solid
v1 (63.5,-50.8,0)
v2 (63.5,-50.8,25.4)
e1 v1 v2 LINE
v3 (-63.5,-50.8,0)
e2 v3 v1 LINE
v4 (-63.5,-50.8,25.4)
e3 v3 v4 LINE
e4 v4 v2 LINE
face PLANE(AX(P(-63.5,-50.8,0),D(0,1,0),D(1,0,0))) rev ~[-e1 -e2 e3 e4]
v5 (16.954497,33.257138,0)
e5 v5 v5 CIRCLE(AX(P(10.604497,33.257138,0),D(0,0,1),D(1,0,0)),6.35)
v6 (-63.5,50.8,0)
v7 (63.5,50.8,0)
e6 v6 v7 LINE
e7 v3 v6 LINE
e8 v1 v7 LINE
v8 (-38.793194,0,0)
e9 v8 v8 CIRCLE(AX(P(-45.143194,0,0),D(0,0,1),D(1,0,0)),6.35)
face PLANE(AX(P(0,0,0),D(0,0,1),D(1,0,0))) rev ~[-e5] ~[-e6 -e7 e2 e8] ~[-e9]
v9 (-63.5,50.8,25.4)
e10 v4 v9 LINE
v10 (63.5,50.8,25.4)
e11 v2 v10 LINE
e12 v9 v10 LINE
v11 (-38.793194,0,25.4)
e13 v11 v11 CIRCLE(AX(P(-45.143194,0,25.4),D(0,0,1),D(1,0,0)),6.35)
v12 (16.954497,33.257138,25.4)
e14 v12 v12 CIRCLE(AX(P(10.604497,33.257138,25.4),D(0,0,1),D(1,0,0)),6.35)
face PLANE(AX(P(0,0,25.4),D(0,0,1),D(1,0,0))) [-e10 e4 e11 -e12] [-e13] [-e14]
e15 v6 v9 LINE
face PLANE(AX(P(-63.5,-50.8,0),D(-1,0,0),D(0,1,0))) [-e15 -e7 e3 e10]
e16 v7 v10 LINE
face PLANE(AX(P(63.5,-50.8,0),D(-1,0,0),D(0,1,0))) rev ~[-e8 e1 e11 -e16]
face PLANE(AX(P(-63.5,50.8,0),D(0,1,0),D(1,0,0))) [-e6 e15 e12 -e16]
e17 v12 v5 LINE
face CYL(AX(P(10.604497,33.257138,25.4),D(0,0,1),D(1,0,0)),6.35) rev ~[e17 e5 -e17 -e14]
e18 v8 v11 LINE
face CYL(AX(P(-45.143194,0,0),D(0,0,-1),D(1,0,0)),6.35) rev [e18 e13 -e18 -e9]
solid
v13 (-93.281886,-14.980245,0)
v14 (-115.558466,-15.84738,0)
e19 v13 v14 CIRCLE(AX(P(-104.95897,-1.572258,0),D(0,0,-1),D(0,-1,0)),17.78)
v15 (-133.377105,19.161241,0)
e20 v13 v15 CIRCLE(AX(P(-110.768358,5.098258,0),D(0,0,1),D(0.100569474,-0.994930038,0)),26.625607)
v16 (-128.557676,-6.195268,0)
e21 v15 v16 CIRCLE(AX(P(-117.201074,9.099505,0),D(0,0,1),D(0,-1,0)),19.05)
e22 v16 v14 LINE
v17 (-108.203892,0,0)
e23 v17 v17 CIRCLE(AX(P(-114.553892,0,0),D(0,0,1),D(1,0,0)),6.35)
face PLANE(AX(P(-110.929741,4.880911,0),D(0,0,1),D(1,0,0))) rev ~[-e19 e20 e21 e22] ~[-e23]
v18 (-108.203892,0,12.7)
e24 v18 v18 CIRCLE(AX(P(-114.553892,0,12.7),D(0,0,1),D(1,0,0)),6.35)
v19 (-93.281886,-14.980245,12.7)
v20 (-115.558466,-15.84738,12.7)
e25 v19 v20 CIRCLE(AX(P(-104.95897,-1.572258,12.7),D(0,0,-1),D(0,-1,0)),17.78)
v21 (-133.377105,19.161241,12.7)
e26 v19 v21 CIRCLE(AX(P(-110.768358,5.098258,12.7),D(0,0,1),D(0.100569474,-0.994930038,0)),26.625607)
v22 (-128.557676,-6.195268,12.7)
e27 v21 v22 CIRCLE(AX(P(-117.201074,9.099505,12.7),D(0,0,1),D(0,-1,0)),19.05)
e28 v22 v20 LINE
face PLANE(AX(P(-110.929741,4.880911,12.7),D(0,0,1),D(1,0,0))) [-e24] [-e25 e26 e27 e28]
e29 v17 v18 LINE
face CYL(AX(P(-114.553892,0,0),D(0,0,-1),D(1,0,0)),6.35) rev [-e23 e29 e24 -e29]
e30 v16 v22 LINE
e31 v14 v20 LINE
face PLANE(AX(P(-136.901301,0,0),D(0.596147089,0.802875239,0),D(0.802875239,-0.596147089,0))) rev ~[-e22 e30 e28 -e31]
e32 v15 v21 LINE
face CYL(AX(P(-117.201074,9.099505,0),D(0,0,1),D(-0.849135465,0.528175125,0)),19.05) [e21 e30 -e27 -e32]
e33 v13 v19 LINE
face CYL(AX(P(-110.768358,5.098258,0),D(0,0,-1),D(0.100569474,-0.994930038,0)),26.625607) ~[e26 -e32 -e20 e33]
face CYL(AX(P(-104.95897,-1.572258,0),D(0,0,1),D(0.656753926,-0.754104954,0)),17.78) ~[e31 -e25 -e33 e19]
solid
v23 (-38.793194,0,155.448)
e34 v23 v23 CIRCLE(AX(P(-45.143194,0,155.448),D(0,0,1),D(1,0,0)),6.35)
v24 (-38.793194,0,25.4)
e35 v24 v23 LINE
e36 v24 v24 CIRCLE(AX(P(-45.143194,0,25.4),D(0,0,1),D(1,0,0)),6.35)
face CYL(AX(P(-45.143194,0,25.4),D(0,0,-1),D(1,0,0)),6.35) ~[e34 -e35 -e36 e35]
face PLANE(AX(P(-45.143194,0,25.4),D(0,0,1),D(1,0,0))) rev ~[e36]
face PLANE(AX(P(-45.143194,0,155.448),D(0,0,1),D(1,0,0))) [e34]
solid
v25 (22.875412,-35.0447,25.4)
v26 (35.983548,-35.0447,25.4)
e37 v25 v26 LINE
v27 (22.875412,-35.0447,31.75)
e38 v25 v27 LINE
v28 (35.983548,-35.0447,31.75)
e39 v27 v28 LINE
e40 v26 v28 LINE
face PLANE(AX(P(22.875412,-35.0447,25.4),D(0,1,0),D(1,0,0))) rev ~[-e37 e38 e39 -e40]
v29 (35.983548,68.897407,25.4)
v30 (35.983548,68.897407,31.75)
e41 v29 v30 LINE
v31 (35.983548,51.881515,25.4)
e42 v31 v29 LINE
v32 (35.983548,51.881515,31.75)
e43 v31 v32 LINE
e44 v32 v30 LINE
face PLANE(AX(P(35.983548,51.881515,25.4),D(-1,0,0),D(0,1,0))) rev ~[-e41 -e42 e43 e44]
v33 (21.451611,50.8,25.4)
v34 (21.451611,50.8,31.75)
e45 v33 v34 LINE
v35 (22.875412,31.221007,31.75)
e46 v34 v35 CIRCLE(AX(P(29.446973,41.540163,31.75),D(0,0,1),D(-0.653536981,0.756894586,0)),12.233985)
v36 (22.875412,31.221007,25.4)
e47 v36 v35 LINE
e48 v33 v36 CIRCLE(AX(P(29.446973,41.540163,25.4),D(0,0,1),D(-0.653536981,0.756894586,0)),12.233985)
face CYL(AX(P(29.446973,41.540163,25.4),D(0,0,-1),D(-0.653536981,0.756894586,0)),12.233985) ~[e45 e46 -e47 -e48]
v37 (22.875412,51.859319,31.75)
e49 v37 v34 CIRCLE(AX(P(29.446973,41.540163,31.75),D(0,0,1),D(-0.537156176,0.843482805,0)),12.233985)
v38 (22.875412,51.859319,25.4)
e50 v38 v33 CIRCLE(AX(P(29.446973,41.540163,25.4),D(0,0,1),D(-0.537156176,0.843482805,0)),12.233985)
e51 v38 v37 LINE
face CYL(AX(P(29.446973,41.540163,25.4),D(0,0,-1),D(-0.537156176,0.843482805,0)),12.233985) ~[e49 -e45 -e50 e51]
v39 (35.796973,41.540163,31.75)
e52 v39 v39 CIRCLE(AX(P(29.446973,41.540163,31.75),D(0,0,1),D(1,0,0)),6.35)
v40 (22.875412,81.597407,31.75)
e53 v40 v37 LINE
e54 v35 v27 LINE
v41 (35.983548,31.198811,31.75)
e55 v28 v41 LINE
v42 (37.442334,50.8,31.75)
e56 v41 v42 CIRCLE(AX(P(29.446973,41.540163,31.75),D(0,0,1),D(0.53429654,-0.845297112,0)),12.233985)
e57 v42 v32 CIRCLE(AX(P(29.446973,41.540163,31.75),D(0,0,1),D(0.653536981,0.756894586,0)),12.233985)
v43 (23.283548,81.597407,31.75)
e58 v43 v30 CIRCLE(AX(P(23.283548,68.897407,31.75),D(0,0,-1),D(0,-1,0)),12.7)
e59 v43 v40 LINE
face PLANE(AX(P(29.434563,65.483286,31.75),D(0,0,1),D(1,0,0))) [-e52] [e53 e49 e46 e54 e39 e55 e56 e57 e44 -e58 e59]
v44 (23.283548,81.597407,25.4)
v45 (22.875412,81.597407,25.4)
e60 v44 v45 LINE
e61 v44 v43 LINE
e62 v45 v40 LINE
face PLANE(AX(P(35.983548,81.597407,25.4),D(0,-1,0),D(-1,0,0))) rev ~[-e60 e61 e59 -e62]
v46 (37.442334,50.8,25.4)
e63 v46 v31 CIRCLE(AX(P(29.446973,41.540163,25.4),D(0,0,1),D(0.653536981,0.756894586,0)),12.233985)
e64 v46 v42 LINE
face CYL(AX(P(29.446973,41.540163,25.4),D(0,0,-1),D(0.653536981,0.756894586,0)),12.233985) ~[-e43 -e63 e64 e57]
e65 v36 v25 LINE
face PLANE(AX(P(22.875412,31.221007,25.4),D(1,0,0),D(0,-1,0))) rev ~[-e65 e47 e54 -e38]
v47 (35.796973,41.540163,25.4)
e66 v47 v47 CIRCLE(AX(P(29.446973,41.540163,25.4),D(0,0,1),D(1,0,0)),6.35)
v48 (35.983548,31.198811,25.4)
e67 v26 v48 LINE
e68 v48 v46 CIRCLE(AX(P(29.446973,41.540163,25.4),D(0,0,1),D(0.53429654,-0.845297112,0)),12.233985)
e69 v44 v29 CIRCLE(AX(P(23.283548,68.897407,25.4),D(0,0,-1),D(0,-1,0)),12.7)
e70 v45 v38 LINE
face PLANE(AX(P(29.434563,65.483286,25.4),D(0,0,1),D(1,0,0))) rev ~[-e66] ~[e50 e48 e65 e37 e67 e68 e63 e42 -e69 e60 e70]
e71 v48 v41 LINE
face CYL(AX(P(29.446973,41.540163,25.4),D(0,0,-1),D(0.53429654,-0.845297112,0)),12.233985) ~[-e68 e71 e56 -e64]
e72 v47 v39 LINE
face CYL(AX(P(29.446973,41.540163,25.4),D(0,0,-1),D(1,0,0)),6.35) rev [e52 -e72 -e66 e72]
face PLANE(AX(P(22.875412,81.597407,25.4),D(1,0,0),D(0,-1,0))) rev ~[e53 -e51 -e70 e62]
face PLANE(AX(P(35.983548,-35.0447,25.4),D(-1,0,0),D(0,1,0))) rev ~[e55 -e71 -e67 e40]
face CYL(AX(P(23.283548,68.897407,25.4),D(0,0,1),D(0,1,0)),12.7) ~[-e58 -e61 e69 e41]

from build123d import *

# Parameters (mm, degrees)
F0_W      = 127
F0_H      = 101.6
F0_R      = 6.35
F1_DEPTH  = 25.4
F2_R      = 6.35
F3_DEPTH  = 130.048
F4_R      = 6.35
F5_DEPTH  = 12.7
F6_R      = 19.05
F7_R      = 17.78
F8_R      = 6.35
F9_DEPTH  = 137.922
F10_R     = 6.35
F11_DEPTH = 6.35
F12_R     = 12.7


with BuildPart() as f1:
    # F0 (on Top) → F1 (new body)
    with BuildSketch(Plane.XY):
        Rectangle(F0_W, F0_H)
        with Locations((-45.1431944966, 0)):
            Circle(F0_R, mode=Mode.SUBTRACT)
    extrude(amount=F1_DEPTH)

    # F8 (on face) → F9 (cut)
    with BuildSketch(Plane.XY.offset(25.4)):
        with Locations((10.6044970453, 33.257137984)):
            Circle(F8_R)
    extrude(amount=-F9_DEPTH, mode=Mode.SUBTRACT)


with BuildPart() as f3:
    # F2 (on face) → F3 (new body)
    with BuildSketch(Plane.XY.offset(25.4)):
        with Locations((-45.1431944966, 0)):
            Circle(F2_R)
    extrude(amount=F3_DEPTH)


with BuildPart() as f5:
    # F4 (on Top) → F5 (new body)
    with BuildSketch(Plane.XY):
        with BuildLine():
            ThreePointArc((-108.090634243, -21.3923586225), (-94.8955793472, 26.4752985002), (-136.9013008795, 0))
            Line((-136.9013008795, 0), (-108.090634243, -21.3923586225))
        make_face()
        with Locations((-114.5538915724, 0)):
            Circle(F4_R, mode=Mode.SUBTRACT)
    extrude(amount=F5_DEPTH)

    # F6
    f6_edges = [f5.edges().sort_by_distance(p)[0] for p in [
        (-136.901301, 0, 6.35),
    ]]
    fillet(f6_edges, radius=F6_R)

    # F7
    f7_edges = [f5.edges().sort_by_distance(p)[0] for p in [
        (-108.090634, -21.392359, 6.35),
    ]]
    fillet(f7_edges, radius=F7_R)


with BuildPart() as f11:
    # F10 (on face) → F11 (new body)
    with BuildSketch(Plane.XY.offset(25.4)):
        with BuildLine():
            Line((35.9835483276, 81.5974065338), (22.8754119955, 81.5974065338))
            Line((22.8754119955, 81.5974065338), (22.8754119955, 51.8593189565))
            ThreePointArc((22.8754119955, 51.8593189565), (22.1442782459, 51.3555103512), (21.4516109951, 50.8))
            Line((21.4516109951, 50.8), (37.442334073, 50.8))
            ThreePointArc((37.442334073, 50.8), (36.7330359031, 51.3678620223), (35.9835483276, 51.8815151585))
            Line((35.9835483276, 51.8815151585), (35.9835483276, 81.5974065338))
        make_face()
        with BuildLine():
            Line((37.442334073, 50.8), (21.4516109951, 50.8))
            ThreePointArc((21.4516109951, 50.8), (17.2452085424, 40.6528404263), (22.8754119955, 31.2210071959))
            Line((22.8754119955, 31.2210071959), (22.8754119955, -35.0446995583))
            Line((22.8754119955, -35.0446995583), (35.9835483276, -35.0446995583))
            Line((35.9835483276, -35.0446995583), (35.9835483276, 31.198810994))
            ThreePointArc((35.9835483276, 31.198810994), (41.6472165181, 40.6321802998), (37.442334073, 50.8))
        make_face()
        with Locations((29.4469725341, 41.5401630762)):
            Circle(F10_R, mode=Mode.SUBTRACT)
    extrude(amount=F11_DEPTH)

    # F12
    f12_edges = [f11.edges().sort_by_distance(p)[0] for p in [
        (35.983548, 81.597407, 28.575),
    ]]
    fillet(f12_edges, radius=F12_R)


solid = Compound([f1.part, f3.part, f5.part, f11.part])
